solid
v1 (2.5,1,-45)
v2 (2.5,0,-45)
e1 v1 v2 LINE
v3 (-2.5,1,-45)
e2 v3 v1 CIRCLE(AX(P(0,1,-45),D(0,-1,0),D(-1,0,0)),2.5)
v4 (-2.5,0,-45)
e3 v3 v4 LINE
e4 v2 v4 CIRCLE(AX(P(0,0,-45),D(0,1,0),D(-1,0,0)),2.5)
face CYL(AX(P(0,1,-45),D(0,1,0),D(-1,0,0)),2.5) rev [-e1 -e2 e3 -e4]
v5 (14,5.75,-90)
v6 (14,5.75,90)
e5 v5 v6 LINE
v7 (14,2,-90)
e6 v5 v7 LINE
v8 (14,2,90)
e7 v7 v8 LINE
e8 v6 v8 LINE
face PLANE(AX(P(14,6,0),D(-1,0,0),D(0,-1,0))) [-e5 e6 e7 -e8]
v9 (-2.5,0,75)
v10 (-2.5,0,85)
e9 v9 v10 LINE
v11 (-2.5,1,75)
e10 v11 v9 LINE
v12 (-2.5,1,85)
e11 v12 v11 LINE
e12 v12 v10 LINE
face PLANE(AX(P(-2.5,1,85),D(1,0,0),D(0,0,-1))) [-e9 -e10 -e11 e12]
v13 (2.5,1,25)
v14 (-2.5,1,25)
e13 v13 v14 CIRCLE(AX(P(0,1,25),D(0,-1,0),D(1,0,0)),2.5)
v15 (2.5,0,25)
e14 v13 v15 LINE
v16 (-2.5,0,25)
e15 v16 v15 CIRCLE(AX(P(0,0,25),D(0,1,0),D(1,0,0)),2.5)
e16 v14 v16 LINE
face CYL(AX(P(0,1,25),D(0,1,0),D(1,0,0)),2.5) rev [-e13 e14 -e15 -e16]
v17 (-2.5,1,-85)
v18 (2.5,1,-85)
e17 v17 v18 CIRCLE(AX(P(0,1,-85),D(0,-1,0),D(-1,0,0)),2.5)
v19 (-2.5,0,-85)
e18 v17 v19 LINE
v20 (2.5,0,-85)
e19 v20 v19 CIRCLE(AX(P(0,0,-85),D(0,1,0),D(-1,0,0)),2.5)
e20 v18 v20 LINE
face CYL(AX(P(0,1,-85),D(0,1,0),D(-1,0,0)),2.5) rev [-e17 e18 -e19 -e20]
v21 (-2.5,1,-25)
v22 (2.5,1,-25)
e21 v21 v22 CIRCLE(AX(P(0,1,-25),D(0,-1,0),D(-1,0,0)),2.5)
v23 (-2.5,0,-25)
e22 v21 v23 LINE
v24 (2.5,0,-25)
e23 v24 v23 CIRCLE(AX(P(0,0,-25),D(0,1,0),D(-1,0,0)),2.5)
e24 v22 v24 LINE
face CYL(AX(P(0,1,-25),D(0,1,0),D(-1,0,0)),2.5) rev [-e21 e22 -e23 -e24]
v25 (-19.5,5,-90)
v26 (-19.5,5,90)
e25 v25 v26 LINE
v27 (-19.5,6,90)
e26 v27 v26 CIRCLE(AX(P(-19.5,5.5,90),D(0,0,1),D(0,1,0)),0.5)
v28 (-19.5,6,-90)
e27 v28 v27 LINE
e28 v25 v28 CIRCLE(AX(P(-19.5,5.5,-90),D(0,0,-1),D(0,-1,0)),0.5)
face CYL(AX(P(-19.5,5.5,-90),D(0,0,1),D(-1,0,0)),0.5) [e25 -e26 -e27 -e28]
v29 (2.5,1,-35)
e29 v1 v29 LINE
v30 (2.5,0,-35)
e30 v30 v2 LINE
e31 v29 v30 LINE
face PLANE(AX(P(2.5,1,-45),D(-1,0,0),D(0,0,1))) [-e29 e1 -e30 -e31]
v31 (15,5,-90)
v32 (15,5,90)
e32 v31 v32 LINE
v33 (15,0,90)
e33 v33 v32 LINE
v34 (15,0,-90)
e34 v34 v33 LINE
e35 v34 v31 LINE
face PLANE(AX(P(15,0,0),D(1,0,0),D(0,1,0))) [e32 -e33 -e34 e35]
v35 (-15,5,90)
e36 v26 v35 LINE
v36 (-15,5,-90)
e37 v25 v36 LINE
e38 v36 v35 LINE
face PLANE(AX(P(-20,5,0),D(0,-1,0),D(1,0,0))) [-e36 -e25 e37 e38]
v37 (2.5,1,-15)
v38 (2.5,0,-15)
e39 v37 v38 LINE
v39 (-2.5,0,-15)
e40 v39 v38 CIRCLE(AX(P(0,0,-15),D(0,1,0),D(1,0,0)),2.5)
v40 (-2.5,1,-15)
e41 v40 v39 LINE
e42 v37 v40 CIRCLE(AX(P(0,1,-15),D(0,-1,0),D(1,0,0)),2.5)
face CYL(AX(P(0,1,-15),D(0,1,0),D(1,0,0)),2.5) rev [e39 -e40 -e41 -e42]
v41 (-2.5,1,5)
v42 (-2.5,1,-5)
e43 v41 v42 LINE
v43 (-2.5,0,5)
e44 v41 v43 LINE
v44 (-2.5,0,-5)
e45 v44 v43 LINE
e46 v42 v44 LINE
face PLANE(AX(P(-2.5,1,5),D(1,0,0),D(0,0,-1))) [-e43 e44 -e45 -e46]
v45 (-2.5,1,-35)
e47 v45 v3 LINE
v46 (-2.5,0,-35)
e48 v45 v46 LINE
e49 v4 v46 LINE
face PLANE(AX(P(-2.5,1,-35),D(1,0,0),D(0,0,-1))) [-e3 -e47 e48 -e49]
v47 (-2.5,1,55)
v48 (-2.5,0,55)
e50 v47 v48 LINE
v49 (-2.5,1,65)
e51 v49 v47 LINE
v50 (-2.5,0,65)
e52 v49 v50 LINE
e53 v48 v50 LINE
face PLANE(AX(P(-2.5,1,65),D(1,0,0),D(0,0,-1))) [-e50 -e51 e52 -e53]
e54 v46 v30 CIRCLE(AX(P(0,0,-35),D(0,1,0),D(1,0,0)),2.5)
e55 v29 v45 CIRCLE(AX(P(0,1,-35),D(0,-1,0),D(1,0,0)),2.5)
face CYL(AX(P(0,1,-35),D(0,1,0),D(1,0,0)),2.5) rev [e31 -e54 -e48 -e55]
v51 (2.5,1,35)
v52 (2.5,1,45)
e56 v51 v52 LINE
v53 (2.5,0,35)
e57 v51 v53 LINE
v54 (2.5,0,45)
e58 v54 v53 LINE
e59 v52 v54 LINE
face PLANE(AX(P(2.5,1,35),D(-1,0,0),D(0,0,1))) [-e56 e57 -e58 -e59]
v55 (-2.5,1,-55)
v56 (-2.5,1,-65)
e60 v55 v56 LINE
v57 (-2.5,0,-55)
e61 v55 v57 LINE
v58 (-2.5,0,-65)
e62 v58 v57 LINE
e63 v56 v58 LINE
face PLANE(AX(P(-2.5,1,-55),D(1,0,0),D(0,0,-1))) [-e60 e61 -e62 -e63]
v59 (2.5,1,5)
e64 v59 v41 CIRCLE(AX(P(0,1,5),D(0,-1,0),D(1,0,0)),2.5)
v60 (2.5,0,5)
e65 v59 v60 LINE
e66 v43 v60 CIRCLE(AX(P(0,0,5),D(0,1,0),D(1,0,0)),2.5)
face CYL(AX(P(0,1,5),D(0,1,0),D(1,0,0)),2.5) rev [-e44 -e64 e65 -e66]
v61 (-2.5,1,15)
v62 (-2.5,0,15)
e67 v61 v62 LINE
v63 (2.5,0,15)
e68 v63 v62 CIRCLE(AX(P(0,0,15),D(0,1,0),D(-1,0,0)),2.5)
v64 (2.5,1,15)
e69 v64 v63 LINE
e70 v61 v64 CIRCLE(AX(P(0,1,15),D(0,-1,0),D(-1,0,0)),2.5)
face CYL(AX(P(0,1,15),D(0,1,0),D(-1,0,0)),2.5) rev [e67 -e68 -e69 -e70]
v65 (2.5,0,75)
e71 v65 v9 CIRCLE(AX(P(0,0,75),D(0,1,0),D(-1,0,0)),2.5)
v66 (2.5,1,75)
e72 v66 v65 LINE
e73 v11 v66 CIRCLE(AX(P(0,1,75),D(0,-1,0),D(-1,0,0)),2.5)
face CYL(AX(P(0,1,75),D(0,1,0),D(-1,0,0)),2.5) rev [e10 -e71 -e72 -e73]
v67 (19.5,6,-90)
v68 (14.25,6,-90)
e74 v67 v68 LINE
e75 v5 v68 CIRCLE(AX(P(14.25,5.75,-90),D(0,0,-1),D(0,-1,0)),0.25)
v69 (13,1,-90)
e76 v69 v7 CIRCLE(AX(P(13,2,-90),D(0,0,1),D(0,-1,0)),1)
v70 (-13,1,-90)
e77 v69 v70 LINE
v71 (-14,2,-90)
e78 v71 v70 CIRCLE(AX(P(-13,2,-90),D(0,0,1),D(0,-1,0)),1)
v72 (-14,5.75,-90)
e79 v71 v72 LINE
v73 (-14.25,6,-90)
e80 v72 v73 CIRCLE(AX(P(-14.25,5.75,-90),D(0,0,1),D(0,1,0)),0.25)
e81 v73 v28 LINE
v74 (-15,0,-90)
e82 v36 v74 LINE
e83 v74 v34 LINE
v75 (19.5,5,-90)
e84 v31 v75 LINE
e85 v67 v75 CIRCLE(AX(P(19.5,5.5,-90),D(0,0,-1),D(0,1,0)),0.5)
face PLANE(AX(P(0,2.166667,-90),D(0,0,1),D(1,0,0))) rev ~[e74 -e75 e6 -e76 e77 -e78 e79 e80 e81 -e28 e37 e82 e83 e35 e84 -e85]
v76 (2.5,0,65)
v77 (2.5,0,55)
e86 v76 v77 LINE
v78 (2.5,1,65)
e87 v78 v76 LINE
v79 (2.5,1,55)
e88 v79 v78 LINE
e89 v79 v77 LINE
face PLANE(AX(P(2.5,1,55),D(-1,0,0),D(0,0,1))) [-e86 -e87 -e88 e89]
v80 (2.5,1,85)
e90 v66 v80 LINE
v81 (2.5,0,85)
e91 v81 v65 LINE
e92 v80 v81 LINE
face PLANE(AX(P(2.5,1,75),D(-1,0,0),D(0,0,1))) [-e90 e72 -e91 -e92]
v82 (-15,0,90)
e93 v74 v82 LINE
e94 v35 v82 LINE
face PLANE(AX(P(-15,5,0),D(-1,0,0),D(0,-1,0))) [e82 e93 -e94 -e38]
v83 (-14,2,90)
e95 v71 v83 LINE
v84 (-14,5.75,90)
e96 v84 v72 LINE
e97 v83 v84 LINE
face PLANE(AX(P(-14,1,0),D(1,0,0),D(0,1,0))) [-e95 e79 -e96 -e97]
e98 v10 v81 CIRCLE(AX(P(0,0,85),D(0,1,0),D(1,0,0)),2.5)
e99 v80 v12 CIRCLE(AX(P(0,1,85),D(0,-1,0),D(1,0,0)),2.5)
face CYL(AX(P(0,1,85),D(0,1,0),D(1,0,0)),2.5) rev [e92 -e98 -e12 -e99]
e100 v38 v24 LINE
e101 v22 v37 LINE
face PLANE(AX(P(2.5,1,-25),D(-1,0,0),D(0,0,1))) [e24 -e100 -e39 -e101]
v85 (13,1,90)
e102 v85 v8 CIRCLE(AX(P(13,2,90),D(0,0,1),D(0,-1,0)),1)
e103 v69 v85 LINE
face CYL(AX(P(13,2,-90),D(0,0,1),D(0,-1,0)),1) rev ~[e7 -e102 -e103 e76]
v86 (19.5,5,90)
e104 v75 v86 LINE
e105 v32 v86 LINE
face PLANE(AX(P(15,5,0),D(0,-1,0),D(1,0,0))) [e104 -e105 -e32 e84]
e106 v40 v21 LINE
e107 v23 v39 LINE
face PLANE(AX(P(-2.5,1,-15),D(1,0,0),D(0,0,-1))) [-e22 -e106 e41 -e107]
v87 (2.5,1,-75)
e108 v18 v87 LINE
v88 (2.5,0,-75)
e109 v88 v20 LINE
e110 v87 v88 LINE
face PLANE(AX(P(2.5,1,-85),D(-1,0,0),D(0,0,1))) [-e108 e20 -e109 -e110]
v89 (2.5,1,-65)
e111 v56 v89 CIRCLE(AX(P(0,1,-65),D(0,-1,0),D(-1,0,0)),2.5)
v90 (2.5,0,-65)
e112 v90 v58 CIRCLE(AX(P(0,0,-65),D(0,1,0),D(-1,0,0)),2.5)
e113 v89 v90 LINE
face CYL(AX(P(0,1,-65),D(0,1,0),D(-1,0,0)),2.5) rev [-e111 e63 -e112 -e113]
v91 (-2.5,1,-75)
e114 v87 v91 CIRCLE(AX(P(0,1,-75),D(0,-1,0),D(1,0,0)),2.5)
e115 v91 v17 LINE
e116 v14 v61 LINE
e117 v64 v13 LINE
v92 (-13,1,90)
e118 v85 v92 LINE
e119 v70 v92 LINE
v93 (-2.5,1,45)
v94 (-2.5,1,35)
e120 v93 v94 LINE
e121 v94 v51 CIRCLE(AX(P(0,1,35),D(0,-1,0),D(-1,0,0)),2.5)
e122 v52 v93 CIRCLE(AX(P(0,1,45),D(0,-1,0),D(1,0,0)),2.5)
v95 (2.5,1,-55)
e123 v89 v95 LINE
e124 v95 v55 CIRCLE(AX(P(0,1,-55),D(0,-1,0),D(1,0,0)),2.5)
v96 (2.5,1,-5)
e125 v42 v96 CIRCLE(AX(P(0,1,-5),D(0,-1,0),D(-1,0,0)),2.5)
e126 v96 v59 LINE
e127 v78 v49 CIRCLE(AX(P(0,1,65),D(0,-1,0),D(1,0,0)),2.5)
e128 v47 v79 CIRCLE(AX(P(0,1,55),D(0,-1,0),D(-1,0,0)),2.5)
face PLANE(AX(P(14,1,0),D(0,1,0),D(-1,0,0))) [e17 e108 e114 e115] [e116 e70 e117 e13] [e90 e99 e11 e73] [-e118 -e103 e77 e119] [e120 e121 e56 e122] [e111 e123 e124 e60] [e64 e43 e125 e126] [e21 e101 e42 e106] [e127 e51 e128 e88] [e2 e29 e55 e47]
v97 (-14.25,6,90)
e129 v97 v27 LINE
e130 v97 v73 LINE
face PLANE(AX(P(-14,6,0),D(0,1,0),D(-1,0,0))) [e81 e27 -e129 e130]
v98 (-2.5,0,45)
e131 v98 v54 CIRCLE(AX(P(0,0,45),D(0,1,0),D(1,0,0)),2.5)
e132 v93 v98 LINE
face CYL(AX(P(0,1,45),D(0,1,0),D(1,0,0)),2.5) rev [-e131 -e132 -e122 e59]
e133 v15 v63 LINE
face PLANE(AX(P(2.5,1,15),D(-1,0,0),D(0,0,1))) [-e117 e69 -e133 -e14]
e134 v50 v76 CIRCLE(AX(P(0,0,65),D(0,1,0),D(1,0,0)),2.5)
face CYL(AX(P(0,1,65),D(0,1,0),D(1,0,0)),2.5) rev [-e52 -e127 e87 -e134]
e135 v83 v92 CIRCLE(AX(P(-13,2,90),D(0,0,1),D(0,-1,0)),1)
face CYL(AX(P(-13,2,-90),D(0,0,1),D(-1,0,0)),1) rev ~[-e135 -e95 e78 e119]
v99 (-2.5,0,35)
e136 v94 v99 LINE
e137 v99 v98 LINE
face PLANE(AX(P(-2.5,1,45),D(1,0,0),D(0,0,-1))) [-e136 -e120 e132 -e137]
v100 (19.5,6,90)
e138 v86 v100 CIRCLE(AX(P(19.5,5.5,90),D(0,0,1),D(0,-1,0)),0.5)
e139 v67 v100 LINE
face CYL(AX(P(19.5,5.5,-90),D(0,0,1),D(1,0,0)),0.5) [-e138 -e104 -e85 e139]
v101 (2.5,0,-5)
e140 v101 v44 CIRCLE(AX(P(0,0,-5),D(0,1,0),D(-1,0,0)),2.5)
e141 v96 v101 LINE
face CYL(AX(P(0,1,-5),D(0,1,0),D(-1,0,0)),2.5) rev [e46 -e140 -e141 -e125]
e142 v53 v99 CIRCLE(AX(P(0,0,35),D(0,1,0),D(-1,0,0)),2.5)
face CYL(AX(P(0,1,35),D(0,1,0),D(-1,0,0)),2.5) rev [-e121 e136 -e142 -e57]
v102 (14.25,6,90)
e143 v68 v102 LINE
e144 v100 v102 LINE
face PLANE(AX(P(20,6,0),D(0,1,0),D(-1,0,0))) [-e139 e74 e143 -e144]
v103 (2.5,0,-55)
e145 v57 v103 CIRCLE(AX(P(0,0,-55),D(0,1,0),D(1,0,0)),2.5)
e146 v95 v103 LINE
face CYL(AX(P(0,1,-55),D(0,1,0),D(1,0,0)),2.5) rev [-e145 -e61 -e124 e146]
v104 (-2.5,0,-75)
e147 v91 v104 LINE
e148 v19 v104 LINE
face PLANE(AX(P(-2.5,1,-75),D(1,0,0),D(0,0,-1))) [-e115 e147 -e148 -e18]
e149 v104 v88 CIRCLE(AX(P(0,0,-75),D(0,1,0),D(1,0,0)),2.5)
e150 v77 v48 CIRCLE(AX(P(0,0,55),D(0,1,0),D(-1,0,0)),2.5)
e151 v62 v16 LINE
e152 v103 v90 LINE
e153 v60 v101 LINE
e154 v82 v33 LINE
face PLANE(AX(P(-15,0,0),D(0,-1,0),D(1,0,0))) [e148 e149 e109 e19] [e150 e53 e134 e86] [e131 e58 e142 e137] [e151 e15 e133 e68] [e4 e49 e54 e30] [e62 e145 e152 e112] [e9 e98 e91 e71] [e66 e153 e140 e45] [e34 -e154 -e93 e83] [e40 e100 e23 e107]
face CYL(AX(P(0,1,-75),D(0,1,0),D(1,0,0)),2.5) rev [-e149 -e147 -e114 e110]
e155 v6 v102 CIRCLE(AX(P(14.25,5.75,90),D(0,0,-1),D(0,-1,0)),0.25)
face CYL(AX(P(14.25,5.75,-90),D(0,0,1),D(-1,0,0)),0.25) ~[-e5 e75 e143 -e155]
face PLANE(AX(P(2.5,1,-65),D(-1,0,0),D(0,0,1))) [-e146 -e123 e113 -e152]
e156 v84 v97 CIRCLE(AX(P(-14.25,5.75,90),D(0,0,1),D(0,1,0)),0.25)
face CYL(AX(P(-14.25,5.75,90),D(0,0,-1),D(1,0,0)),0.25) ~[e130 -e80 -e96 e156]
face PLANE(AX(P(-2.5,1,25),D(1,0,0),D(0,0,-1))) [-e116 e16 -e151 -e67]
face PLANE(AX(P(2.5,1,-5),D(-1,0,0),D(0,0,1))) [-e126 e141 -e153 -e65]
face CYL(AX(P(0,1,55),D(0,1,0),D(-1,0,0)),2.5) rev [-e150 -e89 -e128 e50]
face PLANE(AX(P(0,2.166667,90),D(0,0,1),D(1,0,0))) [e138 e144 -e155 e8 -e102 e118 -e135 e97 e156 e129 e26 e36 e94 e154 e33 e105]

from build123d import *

# Parameters (mm, degrees)
EXTRUDE_THIN1_DEPTH = 90
FILLET1_R           = 1
FILLET2_R           = 0.25
FILLET3_RADIUS      = 0.5
FILLET3_LENGTH      = 180
FILLET4_RADIUS      = 0.5
FILLET4_LENGTH      = 180
CUT_EXTRUDE1_DEPTH  = 93.330926563
LPATTERN1_COUNT     = 5
LPATTERN1_PITCH     = 20
LPATTERN1_COL_COUNT = 5
LPATTERN1_COL_PITCH = 20


with BuildPart() as part:
    # Sketch1 → Extrude-Thin1 (new, symmetric)
    with BuildSketch(Plane.XY):
        Polygon((-20, 5), (-15, 5), (-15, 0), (15, 0), (15, 5), (20, 5), (20, 6), (14, 6), (14, 1), (-14, 1), (-14, 6), (-20, 6), align=None)
    extrude(amount=EXTRUDE_THIN1_DEPTH, both=True)

    # Fillet1
    fillet1_edges = [part.edges().sort_by_distance(p)[0] for p in [
        (-14, 1, 0),
        (14, 1, 0),
    ]]
    fillet(fillet1_edges, radius=FILLET1_R)

    # Fillet2
    fillet2_edges = [part.edges().sort_by_distance(p)[0] for p in [
        (-14, 6, 0),
        (14, 6, 0),
    ]]
    fillet(fillet2_edges, radius=FILLET2_R)

    # Fillet3: full round fillet: the end face becomes a half cylinder, R = half its width
    fillet3_face = Plane((20, 5.5, 0), x_dir=(0, 0, 1), z_dir=(1, 0, 0))  # on the end face: x along it, z out of the body
    fillet3_slab = fillet3_face.offset(-FILLET3_RADIUS / 2) * Box(FILLET3_LENGTH, 2 * FILLET3_RADIUS, FILLET3_RADIUS, mode=Mode.PRIVATE)  # the body's end, R deep
    fillet3_round = Plane((19.5, 5.5, 0), x_dir=(1, 0, 0), z_dir=(0, 0, 1)) * Cylinder(FILLET3_RADIUS, FILLET3_LENGTH, mode=Mode.PRIVATE)  # its axis R under the face
    add(fillet3_slab - fillet3_round, mode=Mode.SUBTRACT)

    # Fillet4: full round fillet: the end face becomes a half cylinder, R = half its width
    fillet4_face = Plane((-20, 5.5, 0), x_dir=(0, 0, 1), z_dir=(-1, 0, 0))  # on the end face: x along it, z out of the body
    fillet4_slab = fillet4_face.offset(-FILLET4_RADIUS / 2) * Box(FILLET4_LENGTH, 2 * FILLET4_RADIUS, FILLET4_RADIUS, mode=Mode.PRIVATE)  # the body's end, R deep
    fillet4_round = Plane((-19.5, 5.5, 0), x_dir=(-1, 0, 0), z_dir=(0, 0, 1)) * Cylinder(FILLET4_RADIUS, FILLET4_LENGTH, mode=Mode.PRIVATE)  # its axis R under the face
    add(fillet4_slab - fillet4_round, mode=Mode.SUBTRACT)

    # Sketch2 → Cut-Extrude1 (cut, through all)
    with BuildSketch(Plane(origin=(0, 1, 0), x_dir=(1, 0, 0), z_dir=(0, 1, 0))):
        with BuildLine():
            Line((-2.5, -5), (-2.5, 5))
            ThreePointArc((-2.5, 5), (0, 7.5), (2.5, 5))
            Line((2.5, 5), (2.5, -5))
            ThreePointArc((2.5, -5), (0, -7.5), (-2.5, -5))
        make_face()
    cut_extrude1 = extrude(amount=-CUT_EXTRUDE1_DEPTH, mode=Mode.SUBTRACT)

    # LPattern1: Cut-Extrude1 ×5
    with Locations(*[(0, 0, -i * LPATTERN1_PITCH) for i in range(1, LPATTERN1_COUNT)]):
        add(cut_extrude1, mode=Mode.SUBTRACT)

    # LPattern1 col: Cut-Extrude1 ×5
    with Locations(*[(0, 0, i * LPATTERN1_COL_PITCH) for i in range(1, LPATTERN1_COL_COUNT)]):
        add(cut_extrude1, mode=Mode.SUBTRACT)


solid = part.part
